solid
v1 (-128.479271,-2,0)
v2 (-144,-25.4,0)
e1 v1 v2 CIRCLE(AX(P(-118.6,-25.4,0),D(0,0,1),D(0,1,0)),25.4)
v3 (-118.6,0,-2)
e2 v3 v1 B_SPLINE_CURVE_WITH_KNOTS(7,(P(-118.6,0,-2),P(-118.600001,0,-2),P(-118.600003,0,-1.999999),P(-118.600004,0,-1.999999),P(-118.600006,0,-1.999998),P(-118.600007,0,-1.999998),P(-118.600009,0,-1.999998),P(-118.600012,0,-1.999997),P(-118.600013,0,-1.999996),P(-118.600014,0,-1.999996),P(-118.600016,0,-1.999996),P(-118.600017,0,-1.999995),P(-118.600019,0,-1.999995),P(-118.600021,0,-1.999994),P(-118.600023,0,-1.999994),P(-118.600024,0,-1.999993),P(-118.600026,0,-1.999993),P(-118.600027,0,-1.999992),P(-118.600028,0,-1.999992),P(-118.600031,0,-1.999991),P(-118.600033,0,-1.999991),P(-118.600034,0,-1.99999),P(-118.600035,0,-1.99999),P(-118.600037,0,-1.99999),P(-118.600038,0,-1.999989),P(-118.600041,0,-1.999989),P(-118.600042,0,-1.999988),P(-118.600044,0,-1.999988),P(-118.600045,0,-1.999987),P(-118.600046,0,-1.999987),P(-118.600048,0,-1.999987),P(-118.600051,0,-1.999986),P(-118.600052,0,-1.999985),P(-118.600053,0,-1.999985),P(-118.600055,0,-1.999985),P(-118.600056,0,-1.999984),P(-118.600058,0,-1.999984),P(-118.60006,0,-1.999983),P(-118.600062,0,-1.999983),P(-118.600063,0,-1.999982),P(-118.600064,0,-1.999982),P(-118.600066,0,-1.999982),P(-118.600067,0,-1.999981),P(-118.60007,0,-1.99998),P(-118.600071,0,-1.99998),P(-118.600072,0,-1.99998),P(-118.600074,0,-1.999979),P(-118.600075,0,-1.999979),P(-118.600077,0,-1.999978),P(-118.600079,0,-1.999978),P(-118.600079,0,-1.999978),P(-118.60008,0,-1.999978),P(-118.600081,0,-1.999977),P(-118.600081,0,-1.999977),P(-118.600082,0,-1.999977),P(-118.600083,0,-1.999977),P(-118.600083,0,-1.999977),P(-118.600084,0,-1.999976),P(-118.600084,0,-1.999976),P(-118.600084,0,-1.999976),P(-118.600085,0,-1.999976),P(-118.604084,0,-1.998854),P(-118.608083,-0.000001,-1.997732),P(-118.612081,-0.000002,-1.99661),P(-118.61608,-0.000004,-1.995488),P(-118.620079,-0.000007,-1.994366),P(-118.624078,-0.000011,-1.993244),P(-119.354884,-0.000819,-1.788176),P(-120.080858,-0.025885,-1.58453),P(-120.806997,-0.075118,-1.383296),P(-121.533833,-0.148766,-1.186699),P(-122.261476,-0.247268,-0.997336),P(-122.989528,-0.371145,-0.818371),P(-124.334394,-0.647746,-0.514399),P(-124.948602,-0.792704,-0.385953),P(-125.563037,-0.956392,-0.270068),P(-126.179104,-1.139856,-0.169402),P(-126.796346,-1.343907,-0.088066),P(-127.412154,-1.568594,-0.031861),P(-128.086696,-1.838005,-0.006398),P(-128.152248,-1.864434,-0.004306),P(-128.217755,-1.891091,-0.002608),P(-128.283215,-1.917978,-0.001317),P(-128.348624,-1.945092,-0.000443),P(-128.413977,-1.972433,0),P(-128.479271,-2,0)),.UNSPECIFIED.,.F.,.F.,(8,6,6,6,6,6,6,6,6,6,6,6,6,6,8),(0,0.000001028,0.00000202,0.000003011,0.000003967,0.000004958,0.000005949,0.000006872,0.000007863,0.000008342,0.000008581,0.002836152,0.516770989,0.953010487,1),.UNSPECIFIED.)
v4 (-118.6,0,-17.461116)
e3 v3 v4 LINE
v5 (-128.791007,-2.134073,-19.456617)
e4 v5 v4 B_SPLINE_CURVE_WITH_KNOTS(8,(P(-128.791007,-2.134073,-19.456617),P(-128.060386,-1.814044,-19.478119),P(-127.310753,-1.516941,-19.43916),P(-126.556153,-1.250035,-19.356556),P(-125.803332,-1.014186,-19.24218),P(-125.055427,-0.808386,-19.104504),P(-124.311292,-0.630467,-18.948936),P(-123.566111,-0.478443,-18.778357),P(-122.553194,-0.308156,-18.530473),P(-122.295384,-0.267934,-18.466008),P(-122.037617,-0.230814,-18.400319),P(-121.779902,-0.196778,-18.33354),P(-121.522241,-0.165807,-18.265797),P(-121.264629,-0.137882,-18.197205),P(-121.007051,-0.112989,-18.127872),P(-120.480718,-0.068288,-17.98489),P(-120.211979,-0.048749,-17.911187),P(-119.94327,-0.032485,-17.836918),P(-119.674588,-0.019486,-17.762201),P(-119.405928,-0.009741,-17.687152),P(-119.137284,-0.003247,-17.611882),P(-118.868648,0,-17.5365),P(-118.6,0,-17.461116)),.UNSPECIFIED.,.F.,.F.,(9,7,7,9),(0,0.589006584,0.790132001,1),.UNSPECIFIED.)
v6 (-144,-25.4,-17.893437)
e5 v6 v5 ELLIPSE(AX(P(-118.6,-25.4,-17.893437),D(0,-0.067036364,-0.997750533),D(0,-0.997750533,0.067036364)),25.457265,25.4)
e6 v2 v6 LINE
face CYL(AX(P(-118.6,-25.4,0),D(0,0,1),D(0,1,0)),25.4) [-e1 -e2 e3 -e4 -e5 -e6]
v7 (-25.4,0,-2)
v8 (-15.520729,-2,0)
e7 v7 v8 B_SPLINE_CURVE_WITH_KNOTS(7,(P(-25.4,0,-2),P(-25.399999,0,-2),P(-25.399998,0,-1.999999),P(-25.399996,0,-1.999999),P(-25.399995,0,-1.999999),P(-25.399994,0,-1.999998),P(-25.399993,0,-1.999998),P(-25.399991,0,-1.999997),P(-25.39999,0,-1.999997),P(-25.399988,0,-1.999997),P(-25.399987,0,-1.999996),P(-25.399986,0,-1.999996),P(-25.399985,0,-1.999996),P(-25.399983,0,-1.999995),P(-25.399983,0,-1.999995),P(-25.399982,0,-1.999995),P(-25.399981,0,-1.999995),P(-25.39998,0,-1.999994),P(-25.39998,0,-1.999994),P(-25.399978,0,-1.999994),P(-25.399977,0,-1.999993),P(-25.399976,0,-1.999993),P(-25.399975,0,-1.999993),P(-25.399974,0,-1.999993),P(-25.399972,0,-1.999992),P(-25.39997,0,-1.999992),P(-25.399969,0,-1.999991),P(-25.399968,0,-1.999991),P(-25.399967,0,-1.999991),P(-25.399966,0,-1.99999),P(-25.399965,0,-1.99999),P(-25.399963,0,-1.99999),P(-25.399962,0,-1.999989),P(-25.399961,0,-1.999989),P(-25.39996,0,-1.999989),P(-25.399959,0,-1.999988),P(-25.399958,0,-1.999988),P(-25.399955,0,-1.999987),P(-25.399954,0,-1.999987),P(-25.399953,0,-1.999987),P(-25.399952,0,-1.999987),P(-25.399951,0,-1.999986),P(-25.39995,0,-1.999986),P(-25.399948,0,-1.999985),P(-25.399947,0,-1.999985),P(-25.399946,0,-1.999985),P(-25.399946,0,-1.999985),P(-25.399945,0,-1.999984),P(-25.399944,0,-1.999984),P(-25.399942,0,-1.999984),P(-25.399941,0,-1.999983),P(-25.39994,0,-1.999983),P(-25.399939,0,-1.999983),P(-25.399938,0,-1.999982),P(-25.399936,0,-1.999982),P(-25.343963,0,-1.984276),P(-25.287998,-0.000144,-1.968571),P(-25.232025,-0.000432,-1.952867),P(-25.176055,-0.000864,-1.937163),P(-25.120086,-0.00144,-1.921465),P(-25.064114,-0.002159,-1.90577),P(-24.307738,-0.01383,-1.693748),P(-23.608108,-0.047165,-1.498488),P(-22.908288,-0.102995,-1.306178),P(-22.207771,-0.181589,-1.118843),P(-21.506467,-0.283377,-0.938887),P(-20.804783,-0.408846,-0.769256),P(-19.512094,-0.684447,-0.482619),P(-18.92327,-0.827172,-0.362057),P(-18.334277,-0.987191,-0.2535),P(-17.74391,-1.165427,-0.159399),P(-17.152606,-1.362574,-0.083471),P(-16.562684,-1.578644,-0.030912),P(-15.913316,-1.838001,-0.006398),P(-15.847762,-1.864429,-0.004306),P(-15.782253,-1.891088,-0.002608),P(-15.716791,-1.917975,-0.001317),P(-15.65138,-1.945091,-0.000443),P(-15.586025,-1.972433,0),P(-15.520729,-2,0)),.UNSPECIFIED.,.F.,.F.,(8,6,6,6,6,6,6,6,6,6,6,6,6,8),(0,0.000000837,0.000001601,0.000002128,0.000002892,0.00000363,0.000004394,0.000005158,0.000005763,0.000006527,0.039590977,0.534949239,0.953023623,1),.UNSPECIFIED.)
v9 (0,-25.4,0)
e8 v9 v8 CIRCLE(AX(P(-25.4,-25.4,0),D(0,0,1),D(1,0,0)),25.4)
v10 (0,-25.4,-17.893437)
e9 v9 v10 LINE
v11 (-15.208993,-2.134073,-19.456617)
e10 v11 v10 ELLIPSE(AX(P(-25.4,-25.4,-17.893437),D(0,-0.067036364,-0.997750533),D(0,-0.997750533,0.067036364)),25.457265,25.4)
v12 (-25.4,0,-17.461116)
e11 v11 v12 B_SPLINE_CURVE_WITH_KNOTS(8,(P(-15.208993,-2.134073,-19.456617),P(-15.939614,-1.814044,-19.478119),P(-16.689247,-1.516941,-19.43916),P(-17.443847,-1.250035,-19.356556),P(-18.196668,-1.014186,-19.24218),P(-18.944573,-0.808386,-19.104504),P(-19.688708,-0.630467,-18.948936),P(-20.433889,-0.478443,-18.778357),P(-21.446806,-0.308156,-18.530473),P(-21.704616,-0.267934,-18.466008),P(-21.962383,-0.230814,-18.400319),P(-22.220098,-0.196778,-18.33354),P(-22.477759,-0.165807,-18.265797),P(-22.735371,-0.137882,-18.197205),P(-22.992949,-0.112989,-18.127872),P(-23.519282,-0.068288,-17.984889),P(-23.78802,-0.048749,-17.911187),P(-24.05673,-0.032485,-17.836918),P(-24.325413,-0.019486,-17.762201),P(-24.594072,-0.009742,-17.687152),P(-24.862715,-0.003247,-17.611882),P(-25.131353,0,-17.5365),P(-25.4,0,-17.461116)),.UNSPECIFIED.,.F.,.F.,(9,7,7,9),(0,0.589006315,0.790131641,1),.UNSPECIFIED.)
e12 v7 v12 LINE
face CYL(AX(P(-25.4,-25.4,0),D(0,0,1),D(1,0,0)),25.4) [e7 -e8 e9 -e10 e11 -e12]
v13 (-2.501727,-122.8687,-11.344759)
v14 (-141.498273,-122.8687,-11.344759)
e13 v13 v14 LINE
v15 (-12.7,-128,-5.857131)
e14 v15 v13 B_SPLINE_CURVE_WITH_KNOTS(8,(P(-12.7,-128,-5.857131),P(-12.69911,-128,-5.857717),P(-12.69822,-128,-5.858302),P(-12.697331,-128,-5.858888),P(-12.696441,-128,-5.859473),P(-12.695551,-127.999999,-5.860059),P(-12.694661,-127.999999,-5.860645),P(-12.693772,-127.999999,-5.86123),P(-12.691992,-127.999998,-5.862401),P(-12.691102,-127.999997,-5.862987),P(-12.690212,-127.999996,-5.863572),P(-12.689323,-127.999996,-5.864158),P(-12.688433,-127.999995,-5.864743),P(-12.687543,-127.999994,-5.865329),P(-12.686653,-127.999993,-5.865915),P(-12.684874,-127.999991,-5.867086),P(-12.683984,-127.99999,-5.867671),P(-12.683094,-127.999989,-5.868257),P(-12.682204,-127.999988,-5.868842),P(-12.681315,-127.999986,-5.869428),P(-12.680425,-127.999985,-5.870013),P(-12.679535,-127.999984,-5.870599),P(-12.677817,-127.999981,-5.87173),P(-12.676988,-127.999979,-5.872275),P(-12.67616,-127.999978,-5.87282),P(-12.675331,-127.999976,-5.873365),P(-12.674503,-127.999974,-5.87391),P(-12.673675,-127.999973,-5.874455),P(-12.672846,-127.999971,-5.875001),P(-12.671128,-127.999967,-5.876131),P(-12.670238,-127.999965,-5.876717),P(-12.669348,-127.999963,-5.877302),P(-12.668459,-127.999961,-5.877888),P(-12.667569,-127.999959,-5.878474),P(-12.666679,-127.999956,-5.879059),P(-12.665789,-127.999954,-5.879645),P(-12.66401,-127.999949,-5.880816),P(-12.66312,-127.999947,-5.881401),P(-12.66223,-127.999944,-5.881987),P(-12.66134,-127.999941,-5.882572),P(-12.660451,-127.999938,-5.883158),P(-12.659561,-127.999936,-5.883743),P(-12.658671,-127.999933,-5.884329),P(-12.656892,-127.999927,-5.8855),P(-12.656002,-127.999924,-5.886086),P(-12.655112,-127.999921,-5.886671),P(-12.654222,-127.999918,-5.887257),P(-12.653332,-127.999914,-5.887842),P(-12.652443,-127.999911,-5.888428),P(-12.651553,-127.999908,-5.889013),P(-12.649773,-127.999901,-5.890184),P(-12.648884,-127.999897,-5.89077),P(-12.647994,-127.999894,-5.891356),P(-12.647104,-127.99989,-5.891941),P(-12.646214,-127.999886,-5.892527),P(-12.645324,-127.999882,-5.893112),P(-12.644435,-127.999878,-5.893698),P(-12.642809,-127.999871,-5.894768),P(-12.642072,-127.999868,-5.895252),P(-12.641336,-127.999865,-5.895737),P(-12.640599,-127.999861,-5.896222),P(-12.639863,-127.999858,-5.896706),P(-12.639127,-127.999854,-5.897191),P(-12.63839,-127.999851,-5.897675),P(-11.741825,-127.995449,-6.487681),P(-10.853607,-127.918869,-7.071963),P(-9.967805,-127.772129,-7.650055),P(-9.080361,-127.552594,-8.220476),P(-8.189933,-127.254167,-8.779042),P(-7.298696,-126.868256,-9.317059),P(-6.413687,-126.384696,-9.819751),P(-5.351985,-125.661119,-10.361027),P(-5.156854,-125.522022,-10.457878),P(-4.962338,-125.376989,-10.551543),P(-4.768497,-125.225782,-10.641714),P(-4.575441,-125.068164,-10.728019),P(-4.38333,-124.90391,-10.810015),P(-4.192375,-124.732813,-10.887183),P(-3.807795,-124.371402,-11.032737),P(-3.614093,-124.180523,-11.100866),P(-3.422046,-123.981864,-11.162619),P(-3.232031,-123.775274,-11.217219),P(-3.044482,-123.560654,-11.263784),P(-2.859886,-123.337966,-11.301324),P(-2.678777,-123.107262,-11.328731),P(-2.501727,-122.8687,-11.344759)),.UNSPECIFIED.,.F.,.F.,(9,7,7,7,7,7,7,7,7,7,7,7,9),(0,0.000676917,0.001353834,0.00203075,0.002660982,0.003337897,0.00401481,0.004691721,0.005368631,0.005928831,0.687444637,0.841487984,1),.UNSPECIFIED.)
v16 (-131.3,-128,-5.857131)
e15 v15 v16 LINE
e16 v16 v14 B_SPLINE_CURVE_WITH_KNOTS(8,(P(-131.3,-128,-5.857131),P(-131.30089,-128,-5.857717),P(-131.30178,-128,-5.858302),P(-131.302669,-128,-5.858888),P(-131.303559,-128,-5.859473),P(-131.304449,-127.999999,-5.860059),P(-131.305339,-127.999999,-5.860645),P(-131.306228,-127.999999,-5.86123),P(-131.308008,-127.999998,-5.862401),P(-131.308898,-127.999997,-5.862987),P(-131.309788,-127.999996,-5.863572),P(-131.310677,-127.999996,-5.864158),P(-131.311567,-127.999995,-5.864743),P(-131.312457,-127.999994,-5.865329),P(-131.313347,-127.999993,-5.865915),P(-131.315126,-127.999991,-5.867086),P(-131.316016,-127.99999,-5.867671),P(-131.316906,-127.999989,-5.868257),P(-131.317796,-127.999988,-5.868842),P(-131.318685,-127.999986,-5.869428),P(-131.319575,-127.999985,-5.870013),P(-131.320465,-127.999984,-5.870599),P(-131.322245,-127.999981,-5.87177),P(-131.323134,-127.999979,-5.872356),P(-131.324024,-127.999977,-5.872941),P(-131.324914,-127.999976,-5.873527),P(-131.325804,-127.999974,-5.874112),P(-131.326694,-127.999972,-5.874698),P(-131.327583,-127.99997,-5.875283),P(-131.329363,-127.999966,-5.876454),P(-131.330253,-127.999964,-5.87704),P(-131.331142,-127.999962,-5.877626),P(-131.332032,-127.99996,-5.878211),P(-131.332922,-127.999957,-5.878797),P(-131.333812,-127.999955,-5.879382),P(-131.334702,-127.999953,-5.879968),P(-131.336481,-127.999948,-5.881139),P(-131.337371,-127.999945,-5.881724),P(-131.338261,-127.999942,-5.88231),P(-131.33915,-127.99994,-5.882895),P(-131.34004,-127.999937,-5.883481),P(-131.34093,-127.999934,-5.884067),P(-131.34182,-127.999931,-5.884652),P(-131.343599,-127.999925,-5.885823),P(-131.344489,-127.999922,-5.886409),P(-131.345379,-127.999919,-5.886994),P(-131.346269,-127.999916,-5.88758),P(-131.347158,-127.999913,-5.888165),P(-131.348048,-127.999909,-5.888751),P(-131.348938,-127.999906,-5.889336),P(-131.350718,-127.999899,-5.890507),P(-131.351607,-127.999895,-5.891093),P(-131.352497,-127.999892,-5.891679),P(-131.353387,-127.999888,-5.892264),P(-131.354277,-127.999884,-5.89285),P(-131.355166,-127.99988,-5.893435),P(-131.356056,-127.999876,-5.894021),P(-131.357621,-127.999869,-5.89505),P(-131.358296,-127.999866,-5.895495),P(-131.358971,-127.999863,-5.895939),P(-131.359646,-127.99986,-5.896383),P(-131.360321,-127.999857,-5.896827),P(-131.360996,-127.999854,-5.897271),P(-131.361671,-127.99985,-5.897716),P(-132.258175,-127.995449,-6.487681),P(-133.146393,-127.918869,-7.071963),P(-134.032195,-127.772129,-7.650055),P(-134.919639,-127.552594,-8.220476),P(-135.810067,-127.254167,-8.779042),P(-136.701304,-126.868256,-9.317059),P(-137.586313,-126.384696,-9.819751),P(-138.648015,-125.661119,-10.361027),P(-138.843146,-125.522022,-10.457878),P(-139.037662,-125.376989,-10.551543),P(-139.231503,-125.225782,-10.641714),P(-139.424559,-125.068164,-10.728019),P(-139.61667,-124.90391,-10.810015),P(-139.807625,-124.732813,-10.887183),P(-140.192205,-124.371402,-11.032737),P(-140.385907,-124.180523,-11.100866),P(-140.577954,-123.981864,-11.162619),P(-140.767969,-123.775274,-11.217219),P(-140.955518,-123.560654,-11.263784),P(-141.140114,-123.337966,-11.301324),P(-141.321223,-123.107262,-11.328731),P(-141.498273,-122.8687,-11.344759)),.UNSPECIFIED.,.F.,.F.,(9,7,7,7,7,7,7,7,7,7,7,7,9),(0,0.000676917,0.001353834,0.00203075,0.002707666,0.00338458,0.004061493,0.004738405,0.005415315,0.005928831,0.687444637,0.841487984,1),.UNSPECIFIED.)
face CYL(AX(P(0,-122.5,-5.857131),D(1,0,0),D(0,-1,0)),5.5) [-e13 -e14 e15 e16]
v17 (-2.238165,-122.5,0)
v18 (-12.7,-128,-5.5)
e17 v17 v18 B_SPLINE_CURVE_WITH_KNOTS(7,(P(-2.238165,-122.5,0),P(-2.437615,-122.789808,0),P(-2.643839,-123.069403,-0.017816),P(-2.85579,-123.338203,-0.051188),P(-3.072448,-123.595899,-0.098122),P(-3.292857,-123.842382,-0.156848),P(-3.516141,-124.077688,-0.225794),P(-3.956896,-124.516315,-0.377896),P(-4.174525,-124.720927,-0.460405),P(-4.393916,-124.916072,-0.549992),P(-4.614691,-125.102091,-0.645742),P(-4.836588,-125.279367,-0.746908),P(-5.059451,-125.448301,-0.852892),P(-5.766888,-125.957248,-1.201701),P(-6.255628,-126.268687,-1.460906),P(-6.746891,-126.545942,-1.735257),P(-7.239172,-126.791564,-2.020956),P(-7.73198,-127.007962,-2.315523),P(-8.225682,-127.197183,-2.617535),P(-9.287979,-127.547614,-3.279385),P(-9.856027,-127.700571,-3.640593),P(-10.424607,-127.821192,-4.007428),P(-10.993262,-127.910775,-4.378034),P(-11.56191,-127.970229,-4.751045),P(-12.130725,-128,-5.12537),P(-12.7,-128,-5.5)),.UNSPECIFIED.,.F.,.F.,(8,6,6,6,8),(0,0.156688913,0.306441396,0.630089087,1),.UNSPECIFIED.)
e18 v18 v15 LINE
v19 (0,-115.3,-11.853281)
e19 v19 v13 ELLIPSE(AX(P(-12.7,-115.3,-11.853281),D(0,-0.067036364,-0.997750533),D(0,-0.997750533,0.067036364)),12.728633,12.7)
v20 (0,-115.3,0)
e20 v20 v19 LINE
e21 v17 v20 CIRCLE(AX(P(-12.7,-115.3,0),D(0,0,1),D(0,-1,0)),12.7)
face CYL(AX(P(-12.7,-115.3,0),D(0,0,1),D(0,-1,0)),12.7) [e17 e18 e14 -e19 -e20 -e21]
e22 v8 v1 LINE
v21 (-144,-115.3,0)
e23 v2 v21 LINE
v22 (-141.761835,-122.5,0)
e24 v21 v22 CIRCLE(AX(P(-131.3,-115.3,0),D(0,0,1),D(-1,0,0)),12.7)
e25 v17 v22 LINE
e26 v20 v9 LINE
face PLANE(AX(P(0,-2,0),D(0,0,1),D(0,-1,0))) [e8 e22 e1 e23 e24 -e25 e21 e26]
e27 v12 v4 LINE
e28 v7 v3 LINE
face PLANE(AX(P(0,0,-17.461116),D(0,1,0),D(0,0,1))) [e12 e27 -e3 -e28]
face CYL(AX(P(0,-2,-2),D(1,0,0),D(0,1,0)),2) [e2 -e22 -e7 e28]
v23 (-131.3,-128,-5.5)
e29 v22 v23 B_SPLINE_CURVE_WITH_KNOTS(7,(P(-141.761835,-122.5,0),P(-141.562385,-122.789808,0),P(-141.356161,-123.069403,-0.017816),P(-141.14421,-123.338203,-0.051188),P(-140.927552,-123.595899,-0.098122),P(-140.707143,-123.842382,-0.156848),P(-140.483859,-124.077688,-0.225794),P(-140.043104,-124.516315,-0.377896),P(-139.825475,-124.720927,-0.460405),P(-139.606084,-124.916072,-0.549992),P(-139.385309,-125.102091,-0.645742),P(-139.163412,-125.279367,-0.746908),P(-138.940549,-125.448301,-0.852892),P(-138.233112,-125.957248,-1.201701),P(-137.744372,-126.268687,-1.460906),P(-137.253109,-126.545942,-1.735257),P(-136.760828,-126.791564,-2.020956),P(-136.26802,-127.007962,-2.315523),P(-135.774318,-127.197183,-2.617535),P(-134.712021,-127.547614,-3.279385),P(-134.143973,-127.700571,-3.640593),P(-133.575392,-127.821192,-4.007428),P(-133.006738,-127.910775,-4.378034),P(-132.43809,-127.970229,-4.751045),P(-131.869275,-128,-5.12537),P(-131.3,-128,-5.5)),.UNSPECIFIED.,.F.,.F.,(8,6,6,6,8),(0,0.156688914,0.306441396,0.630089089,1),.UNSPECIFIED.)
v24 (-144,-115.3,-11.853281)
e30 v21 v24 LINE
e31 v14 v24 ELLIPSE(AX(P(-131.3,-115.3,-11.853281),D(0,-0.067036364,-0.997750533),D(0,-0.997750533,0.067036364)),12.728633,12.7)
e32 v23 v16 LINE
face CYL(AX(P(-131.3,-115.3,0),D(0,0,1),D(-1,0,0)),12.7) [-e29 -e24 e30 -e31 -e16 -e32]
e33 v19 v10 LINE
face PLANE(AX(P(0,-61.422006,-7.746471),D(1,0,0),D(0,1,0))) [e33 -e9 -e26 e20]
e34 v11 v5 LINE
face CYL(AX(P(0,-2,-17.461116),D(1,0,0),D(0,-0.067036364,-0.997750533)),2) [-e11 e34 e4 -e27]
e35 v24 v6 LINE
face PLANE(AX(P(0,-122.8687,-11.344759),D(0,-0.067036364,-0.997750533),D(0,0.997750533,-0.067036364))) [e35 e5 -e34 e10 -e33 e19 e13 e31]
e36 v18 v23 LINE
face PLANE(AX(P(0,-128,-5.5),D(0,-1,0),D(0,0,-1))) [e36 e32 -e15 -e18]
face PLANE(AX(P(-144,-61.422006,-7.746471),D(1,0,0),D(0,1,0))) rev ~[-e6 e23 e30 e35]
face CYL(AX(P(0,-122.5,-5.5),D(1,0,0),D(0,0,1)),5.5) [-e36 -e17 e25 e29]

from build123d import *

# Parameters (mm, degrees)
F1_DEPTH = 144
F3_DEPTH = 25.4


with BuildPart() as f1:
    # F0 (on Right) → F1 (new body)
    with BuildSketch(Plane.YZ):
        with BuildLine():
            ThreePointArc((0, -2), (-0.5857864376, -0.5857864376), (-2, 0))
            Line((-2, 0), (-122.5, 0))
            ThreePointArc((-122.5, 0), (-126.3890872965, -1.6109127035), (-128, -5.5))
            Line((-128, -5.5), (-128, -5.8571312877))
            ThreePointArc((-128, -5.8571312877), (-126.5173280927, -9.6136023704), (-122.8687000016, -11.3447592186))
            Line((-122.8687000016, -11.3447592186), (-2.1340727279, -19.4566169886))
            ThreePointArc((-2.1340727279, -19.4566169886), (-0.6340105154, -18.921962502), (0, -17.4611159228))
            Line((0, -17.4611159228), (0, -2))
        make_face()
    extrude(amount=-F1_DEPTH)

    # F2 (on face) → F3 (intersect)
    with BuildSketch(Plane.XY):
        with BuildLine():
            ThreePointArc((-118.6, 0), (-136.5605122421, -7.4394877579), (-144, -25.4))
            Line((-144, -25.4), (-144, -115.3))
            ThreePointArc((-144, -115.3), (-140.2802561211, -124.2802561211), (-131.3, -128))
            Line((-131.3, -128), (-12.7, -128))
            ThreePointArc((-12.7, -128), (-3.7197438789, -124.2802561211), (0, -115.3))
            Line((0, -115.3), (0, -25.4))
            ThreePointArc((0, -25.4), (-7.4394877579, -7.4394877579), (-25.4, 0))
            Line((-25.4, 0), (-118.6, 0))
        make_face()
    extrude(amount=-F3_DEPTH, mode=Mode.INTERSECT)


solid = f1.part
